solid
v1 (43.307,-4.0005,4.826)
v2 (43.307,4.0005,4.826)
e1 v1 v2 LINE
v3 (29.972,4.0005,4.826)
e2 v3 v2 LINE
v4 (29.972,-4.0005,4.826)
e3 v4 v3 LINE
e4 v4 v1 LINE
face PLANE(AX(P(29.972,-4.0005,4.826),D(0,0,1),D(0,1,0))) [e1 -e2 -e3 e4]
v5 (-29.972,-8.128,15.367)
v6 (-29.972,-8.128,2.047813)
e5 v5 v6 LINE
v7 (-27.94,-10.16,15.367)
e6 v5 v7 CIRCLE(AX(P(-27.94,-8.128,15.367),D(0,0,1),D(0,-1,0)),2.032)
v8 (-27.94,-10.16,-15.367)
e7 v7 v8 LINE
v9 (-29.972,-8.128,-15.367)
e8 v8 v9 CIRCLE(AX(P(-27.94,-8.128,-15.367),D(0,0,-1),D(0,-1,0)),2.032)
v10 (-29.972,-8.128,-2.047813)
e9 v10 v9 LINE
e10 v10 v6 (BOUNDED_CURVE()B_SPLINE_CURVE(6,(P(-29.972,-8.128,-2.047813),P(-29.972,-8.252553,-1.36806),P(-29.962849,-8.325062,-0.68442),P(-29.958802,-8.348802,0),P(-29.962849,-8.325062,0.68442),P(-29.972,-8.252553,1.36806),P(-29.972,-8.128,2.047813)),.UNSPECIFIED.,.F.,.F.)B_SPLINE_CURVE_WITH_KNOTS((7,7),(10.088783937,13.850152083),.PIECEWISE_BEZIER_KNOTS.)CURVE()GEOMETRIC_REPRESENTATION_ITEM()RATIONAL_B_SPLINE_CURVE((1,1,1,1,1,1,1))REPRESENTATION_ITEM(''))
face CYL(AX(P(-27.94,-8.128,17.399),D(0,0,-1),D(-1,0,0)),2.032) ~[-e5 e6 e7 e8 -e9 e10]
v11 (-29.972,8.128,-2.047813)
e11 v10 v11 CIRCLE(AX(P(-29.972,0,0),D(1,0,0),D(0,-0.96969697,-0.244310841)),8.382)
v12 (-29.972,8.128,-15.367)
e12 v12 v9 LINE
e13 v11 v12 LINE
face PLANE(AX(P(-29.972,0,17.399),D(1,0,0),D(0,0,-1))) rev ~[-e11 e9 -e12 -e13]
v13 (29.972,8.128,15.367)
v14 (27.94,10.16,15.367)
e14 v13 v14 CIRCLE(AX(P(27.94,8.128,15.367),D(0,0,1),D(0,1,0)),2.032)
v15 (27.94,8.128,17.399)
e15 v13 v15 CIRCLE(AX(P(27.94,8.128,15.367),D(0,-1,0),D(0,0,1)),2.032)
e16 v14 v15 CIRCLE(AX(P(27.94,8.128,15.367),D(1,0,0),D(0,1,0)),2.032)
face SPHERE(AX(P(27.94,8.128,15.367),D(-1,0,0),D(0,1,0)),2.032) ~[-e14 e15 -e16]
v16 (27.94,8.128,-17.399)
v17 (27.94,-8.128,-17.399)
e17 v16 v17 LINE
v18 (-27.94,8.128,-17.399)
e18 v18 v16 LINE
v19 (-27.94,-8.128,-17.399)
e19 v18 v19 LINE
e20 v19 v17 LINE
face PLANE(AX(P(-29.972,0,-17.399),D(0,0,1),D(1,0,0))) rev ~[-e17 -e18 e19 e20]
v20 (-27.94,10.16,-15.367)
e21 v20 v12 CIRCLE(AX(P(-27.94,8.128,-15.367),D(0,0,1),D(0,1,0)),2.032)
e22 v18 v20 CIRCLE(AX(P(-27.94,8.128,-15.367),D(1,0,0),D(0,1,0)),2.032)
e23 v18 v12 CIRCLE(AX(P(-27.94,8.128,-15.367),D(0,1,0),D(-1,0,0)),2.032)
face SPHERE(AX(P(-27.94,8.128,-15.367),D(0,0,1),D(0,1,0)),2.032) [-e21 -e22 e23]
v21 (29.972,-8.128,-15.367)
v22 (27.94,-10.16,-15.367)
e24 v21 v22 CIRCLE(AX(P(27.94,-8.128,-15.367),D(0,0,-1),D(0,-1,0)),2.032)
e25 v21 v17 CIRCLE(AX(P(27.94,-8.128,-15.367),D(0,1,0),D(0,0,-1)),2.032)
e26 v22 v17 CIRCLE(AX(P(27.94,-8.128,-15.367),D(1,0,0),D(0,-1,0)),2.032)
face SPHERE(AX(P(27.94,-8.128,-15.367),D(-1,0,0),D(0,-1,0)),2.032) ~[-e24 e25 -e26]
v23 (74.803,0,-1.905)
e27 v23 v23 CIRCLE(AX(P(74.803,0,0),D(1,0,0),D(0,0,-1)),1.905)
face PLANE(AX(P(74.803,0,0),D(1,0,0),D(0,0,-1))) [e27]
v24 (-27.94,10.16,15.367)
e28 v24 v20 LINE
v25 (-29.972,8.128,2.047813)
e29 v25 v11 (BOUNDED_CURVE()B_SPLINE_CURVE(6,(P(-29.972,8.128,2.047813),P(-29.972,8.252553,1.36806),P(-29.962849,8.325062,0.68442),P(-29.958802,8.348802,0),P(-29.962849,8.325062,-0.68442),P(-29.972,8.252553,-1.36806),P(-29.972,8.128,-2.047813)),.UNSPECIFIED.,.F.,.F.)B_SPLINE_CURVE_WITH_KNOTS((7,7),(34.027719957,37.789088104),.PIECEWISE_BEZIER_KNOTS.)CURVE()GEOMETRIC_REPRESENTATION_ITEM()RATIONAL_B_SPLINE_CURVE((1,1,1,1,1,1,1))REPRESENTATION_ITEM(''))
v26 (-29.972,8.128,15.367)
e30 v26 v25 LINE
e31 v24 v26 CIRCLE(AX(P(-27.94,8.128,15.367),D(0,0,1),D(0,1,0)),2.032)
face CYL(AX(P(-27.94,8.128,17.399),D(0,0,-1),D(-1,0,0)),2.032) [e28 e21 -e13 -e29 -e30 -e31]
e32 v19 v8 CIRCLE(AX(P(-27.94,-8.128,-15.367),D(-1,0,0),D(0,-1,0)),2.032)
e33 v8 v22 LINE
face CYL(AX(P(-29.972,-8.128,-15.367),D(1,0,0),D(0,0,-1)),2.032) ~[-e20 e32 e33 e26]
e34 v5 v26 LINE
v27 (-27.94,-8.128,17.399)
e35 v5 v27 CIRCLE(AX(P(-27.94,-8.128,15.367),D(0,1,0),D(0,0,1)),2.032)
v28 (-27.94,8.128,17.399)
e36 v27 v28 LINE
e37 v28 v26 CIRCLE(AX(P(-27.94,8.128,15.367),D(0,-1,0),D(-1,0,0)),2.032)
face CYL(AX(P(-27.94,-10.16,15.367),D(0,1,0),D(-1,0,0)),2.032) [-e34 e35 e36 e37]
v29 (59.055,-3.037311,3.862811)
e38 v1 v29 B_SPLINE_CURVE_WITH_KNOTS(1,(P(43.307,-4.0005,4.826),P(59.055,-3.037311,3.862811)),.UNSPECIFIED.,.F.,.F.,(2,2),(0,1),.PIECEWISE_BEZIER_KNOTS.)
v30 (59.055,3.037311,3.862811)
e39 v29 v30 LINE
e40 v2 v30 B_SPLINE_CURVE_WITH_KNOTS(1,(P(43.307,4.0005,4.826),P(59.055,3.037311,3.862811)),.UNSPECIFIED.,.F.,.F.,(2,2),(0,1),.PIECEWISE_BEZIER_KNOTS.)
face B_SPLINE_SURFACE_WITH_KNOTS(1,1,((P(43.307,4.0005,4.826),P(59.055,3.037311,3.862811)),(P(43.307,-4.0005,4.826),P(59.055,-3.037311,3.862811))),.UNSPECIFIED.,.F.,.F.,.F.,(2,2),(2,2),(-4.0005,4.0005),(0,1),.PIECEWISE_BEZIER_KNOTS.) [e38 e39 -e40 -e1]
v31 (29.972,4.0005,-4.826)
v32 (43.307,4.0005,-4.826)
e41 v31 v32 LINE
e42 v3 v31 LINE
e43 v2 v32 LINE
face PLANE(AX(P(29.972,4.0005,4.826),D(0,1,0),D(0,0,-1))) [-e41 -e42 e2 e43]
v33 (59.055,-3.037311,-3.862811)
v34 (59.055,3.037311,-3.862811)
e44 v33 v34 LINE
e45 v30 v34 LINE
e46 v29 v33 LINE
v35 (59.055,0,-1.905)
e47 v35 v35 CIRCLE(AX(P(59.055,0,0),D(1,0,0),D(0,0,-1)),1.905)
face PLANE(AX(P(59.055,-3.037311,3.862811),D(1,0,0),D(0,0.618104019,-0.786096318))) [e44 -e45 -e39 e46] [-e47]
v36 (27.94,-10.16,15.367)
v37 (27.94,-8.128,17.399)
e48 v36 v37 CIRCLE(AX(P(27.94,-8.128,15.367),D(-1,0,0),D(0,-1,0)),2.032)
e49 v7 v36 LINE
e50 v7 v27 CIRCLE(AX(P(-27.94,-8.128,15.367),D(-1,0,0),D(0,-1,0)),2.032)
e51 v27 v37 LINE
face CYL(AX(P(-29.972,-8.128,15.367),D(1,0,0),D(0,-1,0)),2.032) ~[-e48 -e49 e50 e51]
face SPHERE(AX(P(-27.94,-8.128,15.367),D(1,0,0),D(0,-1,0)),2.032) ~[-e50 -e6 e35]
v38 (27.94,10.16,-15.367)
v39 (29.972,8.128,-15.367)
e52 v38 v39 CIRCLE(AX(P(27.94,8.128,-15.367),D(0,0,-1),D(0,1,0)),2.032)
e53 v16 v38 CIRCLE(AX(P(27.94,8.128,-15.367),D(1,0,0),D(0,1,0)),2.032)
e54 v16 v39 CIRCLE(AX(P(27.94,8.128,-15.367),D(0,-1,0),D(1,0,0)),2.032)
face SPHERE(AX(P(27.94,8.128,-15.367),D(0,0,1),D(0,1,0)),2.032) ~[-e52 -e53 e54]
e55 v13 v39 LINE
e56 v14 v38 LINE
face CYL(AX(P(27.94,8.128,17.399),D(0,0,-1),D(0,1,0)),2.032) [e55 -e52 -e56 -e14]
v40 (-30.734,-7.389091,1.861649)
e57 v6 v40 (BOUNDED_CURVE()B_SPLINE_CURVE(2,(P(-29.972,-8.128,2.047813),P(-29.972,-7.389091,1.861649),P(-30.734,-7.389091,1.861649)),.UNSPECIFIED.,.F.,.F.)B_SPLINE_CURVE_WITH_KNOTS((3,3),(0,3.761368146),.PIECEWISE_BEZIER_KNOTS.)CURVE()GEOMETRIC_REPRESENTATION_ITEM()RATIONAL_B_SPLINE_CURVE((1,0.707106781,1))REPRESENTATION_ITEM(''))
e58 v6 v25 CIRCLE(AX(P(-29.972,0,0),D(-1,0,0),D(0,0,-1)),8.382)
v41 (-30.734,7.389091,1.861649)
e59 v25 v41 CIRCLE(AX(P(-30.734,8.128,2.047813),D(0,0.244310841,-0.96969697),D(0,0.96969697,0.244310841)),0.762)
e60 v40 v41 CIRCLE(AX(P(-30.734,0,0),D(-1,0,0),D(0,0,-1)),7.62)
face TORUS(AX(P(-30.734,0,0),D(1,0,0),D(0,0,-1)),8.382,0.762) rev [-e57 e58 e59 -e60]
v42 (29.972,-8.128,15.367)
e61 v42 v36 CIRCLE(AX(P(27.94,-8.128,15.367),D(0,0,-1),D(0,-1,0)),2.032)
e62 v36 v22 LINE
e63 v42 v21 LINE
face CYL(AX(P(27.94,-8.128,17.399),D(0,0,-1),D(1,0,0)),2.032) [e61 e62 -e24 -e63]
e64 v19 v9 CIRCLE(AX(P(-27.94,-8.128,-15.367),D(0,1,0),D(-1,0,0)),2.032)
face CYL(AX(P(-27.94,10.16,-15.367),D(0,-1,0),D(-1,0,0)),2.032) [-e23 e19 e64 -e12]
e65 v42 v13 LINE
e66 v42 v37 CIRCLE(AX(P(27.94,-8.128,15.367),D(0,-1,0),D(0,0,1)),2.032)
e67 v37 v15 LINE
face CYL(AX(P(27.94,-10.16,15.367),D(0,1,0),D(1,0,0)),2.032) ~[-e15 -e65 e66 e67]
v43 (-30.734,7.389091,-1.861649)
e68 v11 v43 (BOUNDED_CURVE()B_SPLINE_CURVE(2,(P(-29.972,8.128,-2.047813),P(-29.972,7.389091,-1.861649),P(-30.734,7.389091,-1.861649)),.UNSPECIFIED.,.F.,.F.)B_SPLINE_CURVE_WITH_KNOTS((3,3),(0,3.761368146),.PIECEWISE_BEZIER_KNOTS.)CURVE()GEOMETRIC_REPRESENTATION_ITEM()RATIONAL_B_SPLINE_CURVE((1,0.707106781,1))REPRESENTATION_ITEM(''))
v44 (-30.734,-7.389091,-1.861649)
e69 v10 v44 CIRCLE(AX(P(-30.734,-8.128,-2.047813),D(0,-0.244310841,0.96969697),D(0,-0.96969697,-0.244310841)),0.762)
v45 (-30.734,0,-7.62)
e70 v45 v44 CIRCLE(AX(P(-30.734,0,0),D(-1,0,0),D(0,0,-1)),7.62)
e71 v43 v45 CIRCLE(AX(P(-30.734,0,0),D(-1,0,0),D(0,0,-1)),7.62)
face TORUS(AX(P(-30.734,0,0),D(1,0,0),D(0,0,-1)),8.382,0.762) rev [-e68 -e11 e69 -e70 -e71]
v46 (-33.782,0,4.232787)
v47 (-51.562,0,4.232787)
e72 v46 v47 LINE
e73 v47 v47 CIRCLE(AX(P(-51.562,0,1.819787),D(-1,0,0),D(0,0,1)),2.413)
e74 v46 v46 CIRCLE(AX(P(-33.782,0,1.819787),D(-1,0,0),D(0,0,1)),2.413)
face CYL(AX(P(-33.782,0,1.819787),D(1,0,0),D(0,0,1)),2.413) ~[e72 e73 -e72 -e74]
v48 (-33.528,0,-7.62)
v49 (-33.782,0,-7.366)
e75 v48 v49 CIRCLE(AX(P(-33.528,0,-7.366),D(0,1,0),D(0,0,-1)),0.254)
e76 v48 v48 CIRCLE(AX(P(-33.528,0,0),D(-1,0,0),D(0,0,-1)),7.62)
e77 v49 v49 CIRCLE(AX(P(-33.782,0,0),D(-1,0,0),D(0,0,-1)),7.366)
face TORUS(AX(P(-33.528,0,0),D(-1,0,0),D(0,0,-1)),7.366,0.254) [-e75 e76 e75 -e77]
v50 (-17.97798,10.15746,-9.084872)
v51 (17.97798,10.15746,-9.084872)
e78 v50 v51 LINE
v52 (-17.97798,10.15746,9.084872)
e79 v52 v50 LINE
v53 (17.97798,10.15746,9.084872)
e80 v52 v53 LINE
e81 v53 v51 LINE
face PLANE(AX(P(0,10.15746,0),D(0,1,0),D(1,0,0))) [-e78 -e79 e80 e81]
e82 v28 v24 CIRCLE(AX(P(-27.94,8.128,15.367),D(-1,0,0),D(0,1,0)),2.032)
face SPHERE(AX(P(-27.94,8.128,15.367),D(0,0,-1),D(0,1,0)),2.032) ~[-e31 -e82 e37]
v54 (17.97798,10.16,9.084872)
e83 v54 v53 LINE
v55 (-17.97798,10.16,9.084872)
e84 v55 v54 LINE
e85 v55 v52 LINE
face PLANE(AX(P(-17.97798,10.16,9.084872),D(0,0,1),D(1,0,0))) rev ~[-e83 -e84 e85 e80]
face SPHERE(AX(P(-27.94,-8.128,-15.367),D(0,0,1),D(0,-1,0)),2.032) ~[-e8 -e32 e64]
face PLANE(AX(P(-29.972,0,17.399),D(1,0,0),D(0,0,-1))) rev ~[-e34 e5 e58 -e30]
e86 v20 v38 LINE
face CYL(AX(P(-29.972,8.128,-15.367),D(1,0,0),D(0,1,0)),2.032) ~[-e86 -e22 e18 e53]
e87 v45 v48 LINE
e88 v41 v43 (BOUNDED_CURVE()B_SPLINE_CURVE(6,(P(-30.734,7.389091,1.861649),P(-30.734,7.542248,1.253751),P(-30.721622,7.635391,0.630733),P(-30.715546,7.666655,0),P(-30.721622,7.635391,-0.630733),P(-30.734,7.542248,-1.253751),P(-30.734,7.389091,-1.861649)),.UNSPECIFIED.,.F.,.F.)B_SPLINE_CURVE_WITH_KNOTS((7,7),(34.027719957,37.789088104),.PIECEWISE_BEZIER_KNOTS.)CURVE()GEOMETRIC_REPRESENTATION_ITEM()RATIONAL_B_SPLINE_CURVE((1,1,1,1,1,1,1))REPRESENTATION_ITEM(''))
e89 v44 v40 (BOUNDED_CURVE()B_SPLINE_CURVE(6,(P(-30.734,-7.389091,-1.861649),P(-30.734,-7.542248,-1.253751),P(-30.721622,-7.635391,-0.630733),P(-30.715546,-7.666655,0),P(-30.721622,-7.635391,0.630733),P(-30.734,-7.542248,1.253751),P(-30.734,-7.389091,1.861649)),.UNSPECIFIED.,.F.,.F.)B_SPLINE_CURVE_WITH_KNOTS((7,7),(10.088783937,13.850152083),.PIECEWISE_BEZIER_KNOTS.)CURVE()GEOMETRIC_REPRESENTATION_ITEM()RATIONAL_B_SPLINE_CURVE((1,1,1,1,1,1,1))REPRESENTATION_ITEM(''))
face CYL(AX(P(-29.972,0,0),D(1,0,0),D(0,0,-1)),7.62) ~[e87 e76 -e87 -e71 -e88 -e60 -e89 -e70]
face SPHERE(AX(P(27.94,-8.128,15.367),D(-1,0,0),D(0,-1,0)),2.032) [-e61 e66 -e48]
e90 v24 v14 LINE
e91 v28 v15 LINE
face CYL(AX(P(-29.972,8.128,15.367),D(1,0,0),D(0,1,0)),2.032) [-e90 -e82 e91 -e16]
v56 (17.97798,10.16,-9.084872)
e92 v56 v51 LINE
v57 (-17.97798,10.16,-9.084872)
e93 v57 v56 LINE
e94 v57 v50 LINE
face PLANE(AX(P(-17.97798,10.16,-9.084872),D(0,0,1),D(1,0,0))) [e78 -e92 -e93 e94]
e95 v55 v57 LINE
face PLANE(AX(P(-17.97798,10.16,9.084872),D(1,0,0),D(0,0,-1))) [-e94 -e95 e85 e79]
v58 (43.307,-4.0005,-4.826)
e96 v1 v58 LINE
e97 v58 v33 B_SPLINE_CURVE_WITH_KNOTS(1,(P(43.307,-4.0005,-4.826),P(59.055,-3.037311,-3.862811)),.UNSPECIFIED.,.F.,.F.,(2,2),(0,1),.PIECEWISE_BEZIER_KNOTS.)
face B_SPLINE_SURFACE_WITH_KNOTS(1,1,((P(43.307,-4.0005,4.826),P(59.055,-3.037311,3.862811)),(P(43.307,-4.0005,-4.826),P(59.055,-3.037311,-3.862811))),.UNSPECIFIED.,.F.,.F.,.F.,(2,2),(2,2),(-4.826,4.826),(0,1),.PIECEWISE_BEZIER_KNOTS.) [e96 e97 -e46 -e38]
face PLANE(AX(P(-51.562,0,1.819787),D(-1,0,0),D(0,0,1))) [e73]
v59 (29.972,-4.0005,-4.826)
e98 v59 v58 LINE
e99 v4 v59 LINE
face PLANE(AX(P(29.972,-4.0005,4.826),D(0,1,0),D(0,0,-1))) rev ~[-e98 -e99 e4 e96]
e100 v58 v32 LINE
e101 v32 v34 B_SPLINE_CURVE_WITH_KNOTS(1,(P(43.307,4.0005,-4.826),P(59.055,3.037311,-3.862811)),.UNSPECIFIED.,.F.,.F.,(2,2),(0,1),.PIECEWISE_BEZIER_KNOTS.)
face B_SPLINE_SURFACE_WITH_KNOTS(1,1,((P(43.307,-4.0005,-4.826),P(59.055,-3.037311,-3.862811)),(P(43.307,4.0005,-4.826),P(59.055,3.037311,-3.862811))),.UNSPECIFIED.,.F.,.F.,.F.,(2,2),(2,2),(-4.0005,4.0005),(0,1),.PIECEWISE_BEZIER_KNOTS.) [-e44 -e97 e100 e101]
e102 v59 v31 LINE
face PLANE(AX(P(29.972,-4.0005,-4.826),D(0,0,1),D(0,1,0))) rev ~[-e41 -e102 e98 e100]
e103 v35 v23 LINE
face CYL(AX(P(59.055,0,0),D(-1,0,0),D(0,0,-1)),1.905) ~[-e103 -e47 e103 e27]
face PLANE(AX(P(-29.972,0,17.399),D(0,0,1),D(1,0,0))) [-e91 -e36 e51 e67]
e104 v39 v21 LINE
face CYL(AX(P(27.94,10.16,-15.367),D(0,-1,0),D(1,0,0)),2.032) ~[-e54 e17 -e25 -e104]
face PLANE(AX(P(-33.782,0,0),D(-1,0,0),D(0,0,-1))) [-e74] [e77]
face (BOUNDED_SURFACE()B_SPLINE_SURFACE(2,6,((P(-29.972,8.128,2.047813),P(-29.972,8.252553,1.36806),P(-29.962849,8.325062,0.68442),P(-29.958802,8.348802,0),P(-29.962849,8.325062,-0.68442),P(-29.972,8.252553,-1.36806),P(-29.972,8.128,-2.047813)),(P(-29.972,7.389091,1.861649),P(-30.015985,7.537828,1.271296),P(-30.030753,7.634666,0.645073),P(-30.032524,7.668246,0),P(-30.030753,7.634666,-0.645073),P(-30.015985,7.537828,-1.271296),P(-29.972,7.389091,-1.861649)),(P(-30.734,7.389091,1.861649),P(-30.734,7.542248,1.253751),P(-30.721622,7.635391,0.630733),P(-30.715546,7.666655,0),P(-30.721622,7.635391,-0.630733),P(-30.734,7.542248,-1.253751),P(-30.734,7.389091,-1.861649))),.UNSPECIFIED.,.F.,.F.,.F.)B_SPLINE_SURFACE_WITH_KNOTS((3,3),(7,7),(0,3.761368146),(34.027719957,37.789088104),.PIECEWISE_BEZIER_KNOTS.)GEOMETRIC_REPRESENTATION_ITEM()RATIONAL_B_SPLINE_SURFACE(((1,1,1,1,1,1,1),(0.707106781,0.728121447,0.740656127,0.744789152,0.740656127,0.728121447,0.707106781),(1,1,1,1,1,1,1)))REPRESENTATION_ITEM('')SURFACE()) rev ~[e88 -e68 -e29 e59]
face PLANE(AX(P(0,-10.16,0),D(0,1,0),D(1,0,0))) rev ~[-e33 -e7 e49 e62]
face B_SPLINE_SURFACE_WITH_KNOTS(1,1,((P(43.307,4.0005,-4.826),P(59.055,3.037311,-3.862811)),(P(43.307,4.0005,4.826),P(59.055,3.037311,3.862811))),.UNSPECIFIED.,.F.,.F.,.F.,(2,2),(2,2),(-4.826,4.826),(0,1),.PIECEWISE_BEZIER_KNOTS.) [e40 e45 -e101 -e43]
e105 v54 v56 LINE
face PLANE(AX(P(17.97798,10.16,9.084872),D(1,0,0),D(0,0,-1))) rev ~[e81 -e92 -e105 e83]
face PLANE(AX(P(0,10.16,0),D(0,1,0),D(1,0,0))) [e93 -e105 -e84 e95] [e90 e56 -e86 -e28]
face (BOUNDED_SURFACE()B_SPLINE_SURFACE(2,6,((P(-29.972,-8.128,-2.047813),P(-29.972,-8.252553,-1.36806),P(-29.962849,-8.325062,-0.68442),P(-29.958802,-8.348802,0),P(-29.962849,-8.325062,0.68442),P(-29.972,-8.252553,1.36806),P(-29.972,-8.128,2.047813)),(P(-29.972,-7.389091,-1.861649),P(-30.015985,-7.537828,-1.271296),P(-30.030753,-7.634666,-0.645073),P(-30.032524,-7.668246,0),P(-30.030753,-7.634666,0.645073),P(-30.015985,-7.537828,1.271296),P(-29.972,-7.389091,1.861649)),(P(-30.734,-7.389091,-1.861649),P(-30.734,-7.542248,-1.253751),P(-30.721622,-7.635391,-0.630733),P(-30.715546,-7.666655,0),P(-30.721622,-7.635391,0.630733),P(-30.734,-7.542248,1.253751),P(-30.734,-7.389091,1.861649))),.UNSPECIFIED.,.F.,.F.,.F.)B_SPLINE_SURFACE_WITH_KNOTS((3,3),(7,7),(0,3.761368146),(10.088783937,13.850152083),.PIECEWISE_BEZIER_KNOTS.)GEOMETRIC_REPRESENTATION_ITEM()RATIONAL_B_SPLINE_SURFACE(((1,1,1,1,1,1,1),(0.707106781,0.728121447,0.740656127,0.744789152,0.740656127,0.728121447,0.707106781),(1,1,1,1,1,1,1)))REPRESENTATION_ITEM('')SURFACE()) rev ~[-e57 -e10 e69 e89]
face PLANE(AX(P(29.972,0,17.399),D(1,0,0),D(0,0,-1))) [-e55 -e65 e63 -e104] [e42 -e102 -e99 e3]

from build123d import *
from OCP.BRepFilletAPI import BRepFilletAPI_MakeFillet

# Parameters (mm, degrees)
SKETCH1_W           = 59.944
SKETCH1_H           = 34.798
BOSS_EXTRUDE1_DEPTH = 10.16
FILLET1_R           = 2.032
SKETCH2_R           = 7.62
BOSS_EXTRUDE2_DEPTH = 3.81
FILLET2_R1          = 0.254
FILLET2_R2          = 0.762
SKETCH3_R           = 2.413
BOSS_EXTRUDE3_DEPTH = 17.78
SKETCH4_W           = 9.652
SKETCH4_H           = 8.001
BOSS_EXTRUDE4_DEPTH = 13.335
SKETCH5_W           = 9.652
SKETCH5_H           = 8.001
BOSS_EXTRUDE5_DEPTH = 15.748
BOSS_EXTRUDE5_TAPER = 3.5
SKETCH6_R           = 1.905
BOSS_EXTRUDE6_DEPTH = 15.748
SKETCH7_W           = 35.955959778
SKETCH7_H           = 18.169743528
CUT_EXTRUDE1_DEPTH  = 0.00254


with BuildPart() as part:
    # Sketch1 → Boss-Extrude1 (new, symmetric)
    with BuildSketch(Plane(origin=(0, 0, 0), x_dir=(1, 0, 0), z_dir=(0, 1, 0))):
        Rectangle(SKETCH1_W, SKETCH1_H)
    extrude(amount=BOSS_EXTRUDE1_DEPTH, both=True)

    # Fillet1
    fillet1_edges = [part.edges().sort_by_distance(p)[0] for p in [
        (-29.972, 0, -17.399),
        (0, -10.16, -17.399),
        (-29.972, -10.16, 0),
        (29.972, 0, -17.399),
        (29.972, -10.16, 0),
        (-29.972, 0, 17.399),
        (29.972, 0, 17.399),
        (0, -10.16, 17.399),
        (0, 10.16, 17.399),
        (-29.972, 10.16, 0),
        (0, 10.16, -17.399),
        (29.972, 10.16, 0),
    ]]
    fillet(fillet1_edges, radius=FILLET1_R)

    # Sketch2 → Boss-Extrude2 (add)
    with BuildSketch(Plane.ZY.offset(29.972)):
        Circle(SKETCH2_R)
    extrude(amount=BOSS_EXTRUDE2_DEPTH)

    # Fillet2: one fillet with a radius per group of edges: ONE call of the kernel's fillet builder (fillet() takes one radius for all edges)
    fillet2_edges_1 = [part.edges().sort_by_distance(p)[0] for p in [
        (-33.782, 0, -7.62),
    ]]
    fillet2_edges_2 = [part.edges().sort_by_distance(p)[0] for p in [
        (-29.972, 0, -7.62),
    ]]
    fillet2 = BRepFilletAPI_MakeFillet(part.part.solid().wrapped)
    for e in fillet2_edges_1:
        fillet2.Add(FILLET2_R1, e.wrapped)
    for e in fillet2_edges_2:
        fillet2.Add(FILLET2_R2, e.wrapped)
    add(Compound.cast(fillet2.Shape()), mode=Mode.REPLACE)

    # Sketch3 → Boss-Extrude3 (add)
    with BuildSketch(Plane.ZY.offset(33.782)):
        with Locations((1.819787166, 0)):
            Circle(SKETCH3_R)
    extrude(amount=BOSS_EXTRUDE3_DEPTH)

    # Sketch4 → Boss-Extrude4 (add)
    with BuildSketch(Plane(origin=(29.972, 0, 0), x_dir=(0, 0, -1), z_dir=(1, 0, 0))):
        Rectangle(SKETCH4_W, SKETCH4_H)
    extrude(amount=BOSS_EXTRUDE4_DEPTH)

    # Sketch5 → Boss-Extrude5 (add)
    with BuildSketch(Plane(origin=(43.307, 0, 0), x_dir=(0, 0, -1), z_dir=(1, 0, 0))):
        Rectangle(SKETCH5_W, SKETCH5_H)
    extrude(amount=BOSS_EXTRUDE5_DEPTH, taper=BOSS_EXTRUDE5_TAPER)

    # Sketch6 → Boss-Extrude6 (add)
    with BuildSketch(Plane(origin=(59.055, 0, 0), x_dir=(0, 0, -1), z_dir=(1, 0, 0))):
        Circle(SKETCH6_R)
    extrude(amount=BOSS_EXTRUDE6_DEPTH)

    # Sketch7 → Cut-Extrude1 (cut)
    with BuildSketch(Plane(origin=(0, 10.16, 0), x_dir=(1, 0, 0), z_dir=(0, 1, 0))):
        Rectangle(SKETCH7_W, SKETCH7_H)
    extrude(amount=-CUT_EXTRUDE1_DEPTH, mode=Mode.SUBTRACT)


solid = part.part
